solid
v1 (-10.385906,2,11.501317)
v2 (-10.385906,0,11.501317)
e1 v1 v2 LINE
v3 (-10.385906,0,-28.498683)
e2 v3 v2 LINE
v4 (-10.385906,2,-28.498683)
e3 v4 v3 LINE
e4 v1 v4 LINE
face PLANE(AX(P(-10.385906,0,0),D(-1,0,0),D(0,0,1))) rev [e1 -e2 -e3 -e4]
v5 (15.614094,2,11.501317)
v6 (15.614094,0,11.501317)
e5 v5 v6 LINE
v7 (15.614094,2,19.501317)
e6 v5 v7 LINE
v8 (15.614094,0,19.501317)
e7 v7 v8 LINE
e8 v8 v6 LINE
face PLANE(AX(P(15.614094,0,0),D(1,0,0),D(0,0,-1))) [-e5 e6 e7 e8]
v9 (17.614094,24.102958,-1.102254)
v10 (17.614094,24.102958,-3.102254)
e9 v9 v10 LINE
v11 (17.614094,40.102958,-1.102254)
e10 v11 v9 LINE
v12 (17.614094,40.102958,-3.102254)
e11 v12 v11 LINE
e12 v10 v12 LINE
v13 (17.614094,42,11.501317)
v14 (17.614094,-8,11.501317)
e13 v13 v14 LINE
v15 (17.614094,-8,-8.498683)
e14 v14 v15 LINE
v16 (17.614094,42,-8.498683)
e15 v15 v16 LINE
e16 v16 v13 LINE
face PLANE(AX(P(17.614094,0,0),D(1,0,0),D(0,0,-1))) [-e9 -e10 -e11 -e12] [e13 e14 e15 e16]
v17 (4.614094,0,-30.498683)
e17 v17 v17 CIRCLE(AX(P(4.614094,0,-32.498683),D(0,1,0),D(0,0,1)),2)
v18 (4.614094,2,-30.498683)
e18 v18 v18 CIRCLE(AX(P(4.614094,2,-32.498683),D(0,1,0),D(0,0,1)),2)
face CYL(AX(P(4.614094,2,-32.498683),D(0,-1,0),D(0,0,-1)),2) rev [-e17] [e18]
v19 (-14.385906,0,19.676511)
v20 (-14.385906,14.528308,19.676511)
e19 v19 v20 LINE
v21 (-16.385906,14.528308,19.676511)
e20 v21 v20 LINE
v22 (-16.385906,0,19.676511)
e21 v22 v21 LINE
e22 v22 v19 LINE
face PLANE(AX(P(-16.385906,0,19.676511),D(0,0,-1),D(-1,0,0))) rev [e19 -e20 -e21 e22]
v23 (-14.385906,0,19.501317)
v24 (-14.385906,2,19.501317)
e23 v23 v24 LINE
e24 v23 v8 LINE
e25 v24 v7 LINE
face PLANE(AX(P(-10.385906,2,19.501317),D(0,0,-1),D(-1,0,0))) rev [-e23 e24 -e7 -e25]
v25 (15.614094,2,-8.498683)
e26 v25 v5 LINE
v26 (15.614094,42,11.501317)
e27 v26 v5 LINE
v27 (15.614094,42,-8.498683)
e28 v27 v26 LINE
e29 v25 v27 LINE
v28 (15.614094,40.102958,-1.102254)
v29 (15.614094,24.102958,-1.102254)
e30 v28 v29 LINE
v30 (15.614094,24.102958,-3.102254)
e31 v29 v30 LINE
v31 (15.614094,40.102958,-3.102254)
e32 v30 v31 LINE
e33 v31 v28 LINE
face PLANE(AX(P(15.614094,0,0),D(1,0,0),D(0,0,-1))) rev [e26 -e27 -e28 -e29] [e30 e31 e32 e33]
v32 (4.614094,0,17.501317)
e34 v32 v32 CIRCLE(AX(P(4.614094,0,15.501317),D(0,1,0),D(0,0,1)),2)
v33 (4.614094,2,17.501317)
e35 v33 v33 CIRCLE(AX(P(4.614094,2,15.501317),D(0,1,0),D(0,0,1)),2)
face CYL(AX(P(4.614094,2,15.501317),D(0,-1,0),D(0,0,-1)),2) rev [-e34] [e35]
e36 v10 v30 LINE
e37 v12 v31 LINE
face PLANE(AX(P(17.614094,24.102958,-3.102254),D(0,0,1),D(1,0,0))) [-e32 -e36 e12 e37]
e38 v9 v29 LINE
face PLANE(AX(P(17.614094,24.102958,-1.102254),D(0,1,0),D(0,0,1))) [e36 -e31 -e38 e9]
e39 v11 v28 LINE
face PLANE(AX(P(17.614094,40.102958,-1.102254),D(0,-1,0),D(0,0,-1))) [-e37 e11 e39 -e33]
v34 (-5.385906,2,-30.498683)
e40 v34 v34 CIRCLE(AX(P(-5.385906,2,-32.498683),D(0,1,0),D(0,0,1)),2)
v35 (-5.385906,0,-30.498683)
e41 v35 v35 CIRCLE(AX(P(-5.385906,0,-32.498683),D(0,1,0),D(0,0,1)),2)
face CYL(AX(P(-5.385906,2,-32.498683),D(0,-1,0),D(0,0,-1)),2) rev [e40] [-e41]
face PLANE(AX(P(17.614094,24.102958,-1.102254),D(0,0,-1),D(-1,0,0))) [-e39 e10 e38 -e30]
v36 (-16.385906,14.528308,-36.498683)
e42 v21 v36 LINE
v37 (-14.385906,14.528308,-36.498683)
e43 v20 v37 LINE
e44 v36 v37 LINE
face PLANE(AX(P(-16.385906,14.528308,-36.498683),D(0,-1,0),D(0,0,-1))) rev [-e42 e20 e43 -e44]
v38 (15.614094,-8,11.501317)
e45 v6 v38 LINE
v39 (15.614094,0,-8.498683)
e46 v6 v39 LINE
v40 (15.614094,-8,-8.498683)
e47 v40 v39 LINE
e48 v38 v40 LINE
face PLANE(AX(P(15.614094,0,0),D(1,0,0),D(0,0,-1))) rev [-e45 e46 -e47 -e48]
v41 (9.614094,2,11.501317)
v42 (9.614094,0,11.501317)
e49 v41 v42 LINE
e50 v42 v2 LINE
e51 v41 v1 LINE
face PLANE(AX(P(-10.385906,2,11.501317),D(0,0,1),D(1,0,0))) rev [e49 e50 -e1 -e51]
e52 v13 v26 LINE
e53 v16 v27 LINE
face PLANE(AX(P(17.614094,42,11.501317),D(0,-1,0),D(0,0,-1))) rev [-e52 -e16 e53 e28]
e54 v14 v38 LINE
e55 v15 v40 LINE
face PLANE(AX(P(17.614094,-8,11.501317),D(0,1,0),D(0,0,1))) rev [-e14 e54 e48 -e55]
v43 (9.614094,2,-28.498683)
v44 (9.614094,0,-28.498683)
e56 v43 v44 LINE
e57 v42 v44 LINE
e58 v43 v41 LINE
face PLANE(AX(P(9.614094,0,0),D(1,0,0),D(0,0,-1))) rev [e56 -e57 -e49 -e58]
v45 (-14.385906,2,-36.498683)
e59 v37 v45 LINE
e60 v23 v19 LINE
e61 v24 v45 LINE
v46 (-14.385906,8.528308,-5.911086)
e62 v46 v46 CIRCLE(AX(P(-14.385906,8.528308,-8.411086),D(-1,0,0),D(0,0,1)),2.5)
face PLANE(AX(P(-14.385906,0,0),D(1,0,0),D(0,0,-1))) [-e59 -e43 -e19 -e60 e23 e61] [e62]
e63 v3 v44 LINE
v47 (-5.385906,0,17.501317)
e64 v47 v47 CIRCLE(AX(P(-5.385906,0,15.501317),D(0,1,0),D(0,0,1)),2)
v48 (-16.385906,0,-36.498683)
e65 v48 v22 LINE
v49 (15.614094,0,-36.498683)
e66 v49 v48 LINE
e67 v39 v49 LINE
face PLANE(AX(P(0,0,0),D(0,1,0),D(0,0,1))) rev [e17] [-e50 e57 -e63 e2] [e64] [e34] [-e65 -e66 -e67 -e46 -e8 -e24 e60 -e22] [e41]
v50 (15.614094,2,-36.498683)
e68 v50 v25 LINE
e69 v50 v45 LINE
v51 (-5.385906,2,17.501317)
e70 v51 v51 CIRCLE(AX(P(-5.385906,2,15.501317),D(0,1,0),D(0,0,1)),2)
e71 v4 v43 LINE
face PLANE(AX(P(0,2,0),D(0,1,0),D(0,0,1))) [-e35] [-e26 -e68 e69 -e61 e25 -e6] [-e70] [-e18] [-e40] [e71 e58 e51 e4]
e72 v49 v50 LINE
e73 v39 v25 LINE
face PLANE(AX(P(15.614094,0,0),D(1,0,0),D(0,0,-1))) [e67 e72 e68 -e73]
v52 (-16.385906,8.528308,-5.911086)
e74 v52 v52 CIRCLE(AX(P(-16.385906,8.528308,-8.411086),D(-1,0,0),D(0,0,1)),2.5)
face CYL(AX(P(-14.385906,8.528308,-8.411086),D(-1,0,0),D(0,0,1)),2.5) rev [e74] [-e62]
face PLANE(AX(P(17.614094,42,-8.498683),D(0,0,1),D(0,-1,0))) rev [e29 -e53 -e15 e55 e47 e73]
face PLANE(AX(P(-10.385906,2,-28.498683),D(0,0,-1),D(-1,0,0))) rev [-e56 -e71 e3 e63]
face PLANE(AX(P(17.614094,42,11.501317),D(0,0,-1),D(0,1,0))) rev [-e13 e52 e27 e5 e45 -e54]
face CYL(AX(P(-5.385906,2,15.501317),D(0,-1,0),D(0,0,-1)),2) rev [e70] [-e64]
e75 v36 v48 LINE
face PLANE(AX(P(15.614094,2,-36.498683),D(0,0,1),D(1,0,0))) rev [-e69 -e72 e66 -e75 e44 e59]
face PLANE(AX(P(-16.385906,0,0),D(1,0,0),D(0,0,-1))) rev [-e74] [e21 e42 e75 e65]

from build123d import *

# Parameters (mm, degrees)
SKETCH1_W             = 20
SKETCH1_H             = 8
SKETCH1_R             = 2
BOSS_EXTRUDE1_DEPTH   = 2
BOSS_EXTRUDE1_2_DEPTH = 2
SKETCH6_W             = 56
SKETCH6_H             = 2
BOSS_EXTRUDE5_DEPTH   = 6
SKETCH10_W            = 56
SKETCH10_H            = 2
BOSS_EXTRUDE7_DEPTH   = 4
SKETCH11_W            = 56.175194469
SKETCH11_H            = 14.528307745
BOSS_EXTRUDE8_DEPTH   = 2
SKETCH12_R            = 2.5
CUT_EXTRUDE3_DEPTH    = 2
SKETCH13_W            = 20
SKETCH13_H            = 50
SKETCH13_W_2          = 2
SKETCH13_H_2          = 16
BOSS_EXTRUDE9_DEPTH   = 2


with BuildPart() as part:
    # Sketch1 → Boss-Extrude1 (new body)
    with BuildSketch(Plane(origin=(0, 0, 0), x_dir=(1, 0, 0), z_dir=(0, 1, 0))):
        with Locations((-0.385906166, -15.501316712)):
            Rectangle(SKETCH1_W, SKETCH1_H)
        with Locations(Location((4.614093834, -15.501316712, 0), (0, 0, 270))):
            Circle(SKETCH1_R, mode=Mode.SUBTRACT)
        with Locations(Location((-5.385906166, -15.501316712, 0), (0, 0, 270))):
            Circle(SKETCH1_R, mode=Mode.SUBTRACT)
    extrude(amount=BOSS_EXTRUDE1_DEPTH)



with BuildPart() as body_2:
    # Sketch1 → Boss-Extrude1 2 (new body)
    with BuildSketch(Plane(origin=(0, 0, 0), x_dir=(1, 0, 0), z_dir=(0, 1, 0))):
        with Locations((-0.385906166, 32.498683288)):
            Rectangle(SKETCH1_W, SKETCH1_H)
        with Locations(Location((4.614093834, 32.498683288, 0), (0, 0, 270))):
            Circle(SKETCH1_R, mode=Mode.SUBTRACT)
        with Locations(Location((-5.385906166, 32.498683288, 0), (0, 0, 270))):
            Circle(SKETCH1_R, mode=Mode.SUBTRACT)
    extrude(amount=BOSS_EXTRUDE1_2_DEPTH)


with BuildPart() as part_1:
    add(part.part)

    add(body_2.part)  # Boss-Extrude5 merges body 2
    # Sketch6 → Boss-Extrude5 (add)
    with BuildSketch(Plane(origin=(9.614093834, 0, 0), x_dir=(0, 0, -1), z_dir=(1, 0, 0))):
        with Locations((8.498683288, 1)):
            Rectangle(SKETCH6_W, SKETCH6_H)
    extrude(amount=BOSS_EXTRUDE5_DEPTH)

    # Sketch10 → Boss-Extrude7 (add)
    with BuildSketch(Plane.ZY.offset(10.385906166)):
        with Locations((-8.498683288, 1)):
            Rectangle(SKETCH10_W, SKETCH10_H)
    extrude(amount=BOSS_EXTRUDE7_DEPTH)

    # Sketch11 → Boss-Extrude8 (add)
    with BuildSketch(Plane.ZY.offset(14.385906166)):
        with Locations((-8.411086054, 7.264153873)):
            Rectangle(SKETCH11_W, SKETCH11_H)
    extrude(amount=BOSS_EXTRUDE8_DEPTH)

    # Sketch12 → Cut-Extrude3 (cut)
    with BuildSketch(Plane.ZY.offset(16.385906166)):
        with Locations((-8.411086053, 8.528307745)):
            Circle(SKETCH12_R)
    extrude(amount=-CUT_EXTRUDE3_DEPTH, mode=Mode.SUBTRACT)

    # Sketch13 → Boss-Extrude9 (add)
    with BuildSketch(Plane(origin=(15.614093834, 0, 0), x_dir=(0, 0, -1), z_dir=(1, 0, 0))):
        with Locations((-1.501316712, 17)):
            Rectangle(SKETCH13_W, SKETCH13_H)
        with Locations((2.10225409, 32.102958265)):
            Rectangle(SKETCH13_W_2, SKETCH13_H_2, mode=Mode.SUBTRACT)
    extrude(amount=BOSS_EXTRUDE9_DEPTH)


solid = part_1.part
